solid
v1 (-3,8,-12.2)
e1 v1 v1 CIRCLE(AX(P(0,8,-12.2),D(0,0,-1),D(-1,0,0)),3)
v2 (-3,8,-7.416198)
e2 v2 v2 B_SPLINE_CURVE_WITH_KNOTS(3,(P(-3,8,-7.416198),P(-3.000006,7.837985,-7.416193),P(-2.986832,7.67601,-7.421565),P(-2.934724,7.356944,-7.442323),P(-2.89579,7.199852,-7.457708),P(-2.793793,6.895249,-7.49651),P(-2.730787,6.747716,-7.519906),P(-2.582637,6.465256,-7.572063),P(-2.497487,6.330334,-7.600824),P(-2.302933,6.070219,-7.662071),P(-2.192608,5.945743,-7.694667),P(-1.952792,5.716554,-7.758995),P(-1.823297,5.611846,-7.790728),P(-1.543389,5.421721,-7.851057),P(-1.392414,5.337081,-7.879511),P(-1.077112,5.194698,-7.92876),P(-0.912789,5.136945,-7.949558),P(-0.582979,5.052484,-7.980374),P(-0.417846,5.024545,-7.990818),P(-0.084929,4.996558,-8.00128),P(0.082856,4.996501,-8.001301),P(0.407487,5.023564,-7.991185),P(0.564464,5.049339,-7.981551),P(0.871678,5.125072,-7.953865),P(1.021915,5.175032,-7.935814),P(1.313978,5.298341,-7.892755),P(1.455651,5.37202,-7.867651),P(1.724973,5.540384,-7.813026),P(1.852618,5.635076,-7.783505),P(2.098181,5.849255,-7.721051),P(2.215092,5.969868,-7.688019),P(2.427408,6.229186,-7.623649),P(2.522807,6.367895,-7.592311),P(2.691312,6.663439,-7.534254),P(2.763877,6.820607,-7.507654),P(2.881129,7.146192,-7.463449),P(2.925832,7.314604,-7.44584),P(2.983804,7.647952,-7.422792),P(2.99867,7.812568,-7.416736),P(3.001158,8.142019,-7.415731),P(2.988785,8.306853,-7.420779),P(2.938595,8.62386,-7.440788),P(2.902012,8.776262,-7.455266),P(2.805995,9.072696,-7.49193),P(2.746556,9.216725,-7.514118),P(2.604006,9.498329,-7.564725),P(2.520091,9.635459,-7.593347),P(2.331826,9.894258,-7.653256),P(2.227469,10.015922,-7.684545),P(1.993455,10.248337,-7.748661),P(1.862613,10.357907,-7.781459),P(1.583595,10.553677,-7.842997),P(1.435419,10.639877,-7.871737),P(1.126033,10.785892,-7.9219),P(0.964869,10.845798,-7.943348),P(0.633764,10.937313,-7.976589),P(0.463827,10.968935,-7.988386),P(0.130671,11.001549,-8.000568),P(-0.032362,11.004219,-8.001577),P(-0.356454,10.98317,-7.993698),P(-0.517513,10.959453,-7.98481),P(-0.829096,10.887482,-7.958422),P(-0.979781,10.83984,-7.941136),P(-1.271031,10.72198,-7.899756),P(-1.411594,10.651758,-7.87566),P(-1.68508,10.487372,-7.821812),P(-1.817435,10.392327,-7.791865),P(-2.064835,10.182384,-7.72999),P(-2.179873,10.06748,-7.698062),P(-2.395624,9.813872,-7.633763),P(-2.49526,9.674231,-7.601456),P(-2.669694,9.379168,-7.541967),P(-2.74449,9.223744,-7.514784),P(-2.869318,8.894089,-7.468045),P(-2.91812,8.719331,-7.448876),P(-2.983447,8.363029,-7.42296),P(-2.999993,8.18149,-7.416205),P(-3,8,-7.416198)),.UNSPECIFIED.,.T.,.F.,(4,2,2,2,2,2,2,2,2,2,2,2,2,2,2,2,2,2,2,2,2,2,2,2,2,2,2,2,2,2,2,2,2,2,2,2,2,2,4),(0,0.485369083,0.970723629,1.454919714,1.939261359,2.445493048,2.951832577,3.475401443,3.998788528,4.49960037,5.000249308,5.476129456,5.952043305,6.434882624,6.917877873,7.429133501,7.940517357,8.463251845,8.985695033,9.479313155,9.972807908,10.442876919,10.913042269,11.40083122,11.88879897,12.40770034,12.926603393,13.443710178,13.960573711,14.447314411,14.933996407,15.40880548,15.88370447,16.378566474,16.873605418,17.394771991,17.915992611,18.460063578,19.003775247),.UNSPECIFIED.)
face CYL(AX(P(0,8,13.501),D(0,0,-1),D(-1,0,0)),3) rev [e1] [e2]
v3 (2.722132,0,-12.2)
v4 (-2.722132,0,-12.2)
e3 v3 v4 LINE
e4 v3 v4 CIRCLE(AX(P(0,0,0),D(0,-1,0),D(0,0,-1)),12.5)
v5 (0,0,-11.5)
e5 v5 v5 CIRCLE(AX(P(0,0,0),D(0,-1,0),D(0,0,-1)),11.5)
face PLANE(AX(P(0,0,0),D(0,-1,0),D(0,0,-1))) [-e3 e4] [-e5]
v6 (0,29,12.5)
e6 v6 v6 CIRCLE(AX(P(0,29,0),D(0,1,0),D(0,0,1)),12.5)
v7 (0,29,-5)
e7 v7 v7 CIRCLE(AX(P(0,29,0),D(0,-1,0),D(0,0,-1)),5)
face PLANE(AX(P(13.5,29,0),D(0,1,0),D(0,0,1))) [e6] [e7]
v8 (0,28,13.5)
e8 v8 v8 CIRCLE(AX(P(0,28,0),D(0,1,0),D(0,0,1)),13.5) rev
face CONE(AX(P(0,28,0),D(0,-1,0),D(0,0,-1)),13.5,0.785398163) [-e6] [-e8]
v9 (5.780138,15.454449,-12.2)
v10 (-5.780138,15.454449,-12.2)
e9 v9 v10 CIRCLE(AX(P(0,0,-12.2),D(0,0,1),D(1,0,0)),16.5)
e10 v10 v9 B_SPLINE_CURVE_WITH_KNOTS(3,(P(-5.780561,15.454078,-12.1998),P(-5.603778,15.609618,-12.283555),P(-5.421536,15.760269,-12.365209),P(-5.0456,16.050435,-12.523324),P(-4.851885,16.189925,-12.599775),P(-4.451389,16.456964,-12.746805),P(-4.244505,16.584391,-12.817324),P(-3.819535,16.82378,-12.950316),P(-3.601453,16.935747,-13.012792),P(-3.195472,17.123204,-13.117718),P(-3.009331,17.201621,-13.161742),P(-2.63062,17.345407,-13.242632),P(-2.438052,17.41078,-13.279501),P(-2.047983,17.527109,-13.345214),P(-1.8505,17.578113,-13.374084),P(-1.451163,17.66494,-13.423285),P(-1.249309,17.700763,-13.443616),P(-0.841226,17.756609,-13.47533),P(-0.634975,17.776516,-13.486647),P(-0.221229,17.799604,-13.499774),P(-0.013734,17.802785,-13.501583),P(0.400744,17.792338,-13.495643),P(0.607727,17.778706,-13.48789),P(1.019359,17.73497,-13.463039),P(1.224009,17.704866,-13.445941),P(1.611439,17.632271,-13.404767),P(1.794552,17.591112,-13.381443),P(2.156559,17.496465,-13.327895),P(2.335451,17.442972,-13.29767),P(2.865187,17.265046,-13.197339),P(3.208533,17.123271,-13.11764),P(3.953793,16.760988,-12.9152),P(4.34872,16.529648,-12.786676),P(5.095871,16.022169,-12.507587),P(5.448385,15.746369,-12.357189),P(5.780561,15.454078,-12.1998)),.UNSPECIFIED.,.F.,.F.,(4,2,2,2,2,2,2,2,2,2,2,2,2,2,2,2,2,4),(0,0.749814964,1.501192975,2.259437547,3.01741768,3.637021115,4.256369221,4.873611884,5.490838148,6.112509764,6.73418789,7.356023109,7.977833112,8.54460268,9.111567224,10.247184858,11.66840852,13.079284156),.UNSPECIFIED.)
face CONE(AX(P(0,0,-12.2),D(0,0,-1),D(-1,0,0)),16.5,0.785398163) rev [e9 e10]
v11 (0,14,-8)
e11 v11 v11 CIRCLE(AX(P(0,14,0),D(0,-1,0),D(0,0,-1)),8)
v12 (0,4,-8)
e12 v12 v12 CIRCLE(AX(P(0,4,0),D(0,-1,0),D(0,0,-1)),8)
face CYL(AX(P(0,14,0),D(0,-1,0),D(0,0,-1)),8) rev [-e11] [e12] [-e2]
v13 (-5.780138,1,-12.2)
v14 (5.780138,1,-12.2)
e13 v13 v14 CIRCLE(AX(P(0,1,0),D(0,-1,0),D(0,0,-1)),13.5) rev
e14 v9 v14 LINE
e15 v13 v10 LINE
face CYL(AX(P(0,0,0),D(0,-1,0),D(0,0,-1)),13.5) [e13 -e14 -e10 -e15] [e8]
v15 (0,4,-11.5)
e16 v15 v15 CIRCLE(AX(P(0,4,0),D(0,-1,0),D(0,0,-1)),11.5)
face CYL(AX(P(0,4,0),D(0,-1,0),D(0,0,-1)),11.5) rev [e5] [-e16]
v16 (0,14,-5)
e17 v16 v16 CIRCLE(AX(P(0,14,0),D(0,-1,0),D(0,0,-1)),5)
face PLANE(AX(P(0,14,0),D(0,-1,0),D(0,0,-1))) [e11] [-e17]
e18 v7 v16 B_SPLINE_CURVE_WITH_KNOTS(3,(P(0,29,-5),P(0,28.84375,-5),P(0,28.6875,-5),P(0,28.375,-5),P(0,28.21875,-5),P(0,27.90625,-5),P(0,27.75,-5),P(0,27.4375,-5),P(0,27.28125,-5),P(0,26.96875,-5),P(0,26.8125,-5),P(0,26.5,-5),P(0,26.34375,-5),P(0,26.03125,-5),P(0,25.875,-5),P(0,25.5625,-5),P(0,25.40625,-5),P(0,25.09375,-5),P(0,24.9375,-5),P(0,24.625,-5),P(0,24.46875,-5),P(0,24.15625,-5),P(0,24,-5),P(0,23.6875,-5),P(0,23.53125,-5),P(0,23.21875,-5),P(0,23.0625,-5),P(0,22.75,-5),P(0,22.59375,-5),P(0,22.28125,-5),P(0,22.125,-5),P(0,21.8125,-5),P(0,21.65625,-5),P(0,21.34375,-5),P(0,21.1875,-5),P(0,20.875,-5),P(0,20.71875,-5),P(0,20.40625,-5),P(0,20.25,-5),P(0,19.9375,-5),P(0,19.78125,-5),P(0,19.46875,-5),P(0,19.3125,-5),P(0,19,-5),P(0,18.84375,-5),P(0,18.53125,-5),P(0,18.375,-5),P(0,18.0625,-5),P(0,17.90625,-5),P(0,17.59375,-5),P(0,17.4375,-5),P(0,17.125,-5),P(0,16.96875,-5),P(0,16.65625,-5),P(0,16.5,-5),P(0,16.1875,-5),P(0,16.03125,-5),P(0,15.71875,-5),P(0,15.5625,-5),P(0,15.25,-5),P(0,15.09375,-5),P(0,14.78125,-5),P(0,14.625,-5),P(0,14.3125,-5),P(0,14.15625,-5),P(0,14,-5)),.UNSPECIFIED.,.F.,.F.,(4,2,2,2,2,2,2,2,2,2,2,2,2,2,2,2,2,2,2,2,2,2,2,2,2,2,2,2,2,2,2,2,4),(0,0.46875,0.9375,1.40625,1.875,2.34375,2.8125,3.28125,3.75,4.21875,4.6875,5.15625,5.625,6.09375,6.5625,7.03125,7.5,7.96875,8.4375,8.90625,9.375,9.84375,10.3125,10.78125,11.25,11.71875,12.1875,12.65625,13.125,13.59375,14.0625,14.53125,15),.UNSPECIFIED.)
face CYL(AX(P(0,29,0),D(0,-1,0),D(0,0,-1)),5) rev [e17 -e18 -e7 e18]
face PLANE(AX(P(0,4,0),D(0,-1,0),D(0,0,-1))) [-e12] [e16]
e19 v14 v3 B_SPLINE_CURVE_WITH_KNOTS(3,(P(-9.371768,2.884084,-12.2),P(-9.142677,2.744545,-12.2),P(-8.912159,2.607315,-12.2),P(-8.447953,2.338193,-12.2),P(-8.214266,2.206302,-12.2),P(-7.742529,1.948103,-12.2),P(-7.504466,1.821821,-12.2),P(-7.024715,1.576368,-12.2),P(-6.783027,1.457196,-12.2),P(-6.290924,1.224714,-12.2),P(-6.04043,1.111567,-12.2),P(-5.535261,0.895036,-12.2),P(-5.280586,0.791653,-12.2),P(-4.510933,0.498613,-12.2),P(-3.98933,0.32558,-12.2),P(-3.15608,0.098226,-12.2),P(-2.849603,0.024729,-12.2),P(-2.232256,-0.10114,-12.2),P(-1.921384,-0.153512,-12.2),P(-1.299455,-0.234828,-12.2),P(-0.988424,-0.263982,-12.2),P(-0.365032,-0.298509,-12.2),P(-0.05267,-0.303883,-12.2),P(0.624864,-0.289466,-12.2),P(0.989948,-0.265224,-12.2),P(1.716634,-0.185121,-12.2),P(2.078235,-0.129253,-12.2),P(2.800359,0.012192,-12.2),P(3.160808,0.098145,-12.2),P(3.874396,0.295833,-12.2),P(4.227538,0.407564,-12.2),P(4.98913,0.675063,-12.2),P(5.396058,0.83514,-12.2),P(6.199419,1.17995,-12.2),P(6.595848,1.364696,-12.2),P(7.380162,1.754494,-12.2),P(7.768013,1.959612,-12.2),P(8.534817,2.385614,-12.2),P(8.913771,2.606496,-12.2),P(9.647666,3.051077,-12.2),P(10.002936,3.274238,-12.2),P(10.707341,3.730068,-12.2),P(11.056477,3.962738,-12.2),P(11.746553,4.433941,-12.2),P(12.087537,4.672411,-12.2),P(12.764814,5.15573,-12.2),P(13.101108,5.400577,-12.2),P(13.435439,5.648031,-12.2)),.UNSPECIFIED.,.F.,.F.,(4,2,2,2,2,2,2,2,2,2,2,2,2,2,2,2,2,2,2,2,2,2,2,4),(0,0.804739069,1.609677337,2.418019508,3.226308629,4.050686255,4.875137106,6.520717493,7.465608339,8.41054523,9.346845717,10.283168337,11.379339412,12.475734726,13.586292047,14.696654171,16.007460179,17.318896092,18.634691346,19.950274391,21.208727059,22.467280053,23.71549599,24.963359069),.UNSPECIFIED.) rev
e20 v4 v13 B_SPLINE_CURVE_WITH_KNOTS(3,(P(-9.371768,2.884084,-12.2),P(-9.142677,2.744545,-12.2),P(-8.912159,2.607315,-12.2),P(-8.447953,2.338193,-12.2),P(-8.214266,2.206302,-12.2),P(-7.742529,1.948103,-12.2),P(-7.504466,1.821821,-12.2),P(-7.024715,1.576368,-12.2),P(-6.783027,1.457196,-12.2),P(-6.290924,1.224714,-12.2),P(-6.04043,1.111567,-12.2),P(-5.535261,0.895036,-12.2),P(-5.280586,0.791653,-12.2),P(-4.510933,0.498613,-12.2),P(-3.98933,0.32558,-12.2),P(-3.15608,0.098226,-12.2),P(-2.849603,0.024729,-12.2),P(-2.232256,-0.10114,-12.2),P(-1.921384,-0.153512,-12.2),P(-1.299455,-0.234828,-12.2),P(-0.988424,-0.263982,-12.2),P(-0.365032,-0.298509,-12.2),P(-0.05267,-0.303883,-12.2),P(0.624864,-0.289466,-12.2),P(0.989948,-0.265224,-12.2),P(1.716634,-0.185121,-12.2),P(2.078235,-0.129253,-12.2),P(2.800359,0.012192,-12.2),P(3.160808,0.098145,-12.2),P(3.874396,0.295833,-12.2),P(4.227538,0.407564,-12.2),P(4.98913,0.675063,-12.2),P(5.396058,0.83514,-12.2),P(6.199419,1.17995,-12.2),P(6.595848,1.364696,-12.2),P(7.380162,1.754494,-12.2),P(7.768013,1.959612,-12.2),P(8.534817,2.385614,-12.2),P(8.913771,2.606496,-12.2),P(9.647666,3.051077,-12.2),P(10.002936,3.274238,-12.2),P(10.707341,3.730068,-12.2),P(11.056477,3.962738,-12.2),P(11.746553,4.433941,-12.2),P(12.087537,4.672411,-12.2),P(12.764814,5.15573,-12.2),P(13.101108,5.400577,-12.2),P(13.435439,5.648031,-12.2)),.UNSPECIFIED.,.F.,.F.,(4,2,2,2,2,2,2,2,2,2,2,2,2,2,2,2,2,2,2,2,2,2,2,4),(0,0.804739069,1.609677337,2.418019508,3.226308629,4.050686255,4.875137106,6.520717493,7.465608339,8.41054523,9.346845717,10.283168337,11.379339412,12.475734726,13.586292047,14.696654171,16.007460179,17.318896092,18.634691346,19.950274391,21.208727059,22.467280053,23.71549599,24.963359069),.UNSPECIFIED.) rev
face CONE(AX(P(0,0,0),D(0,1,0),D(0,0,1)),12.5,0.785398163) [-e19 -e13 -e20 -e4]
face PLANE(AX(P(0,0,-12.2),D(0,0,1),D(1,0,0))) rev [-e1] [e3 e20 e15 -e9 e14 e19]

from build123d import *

# Parameters (mm, degrees)
ESQUISSE1_W             = 13.5
ESQUISSE1_H             = 29
ESQUISSE2_R             = 11.5
ENL_V_MAT_EXTRU_1_DEPTH = 4
CHANFREIN1_SIZE         = 1
ESQUISSE4_R             = 8
ENL_V_MAT_EXTRU_2_DEPTH = 10
ESQUISSE5_R             = 5
ENL_V_MAT_EXTRU_3_DEPTH = 25.279621196
ENL_V_MAT_EXTRU_4_REACH = 43.033
ESQUISSE6_R             = 3


with BuildPart() as part:
    # Esquisse1 → Base-Révolution (revolve)
    with BuildSketch(Plane.XY, mode=Mode.PRIVATE) as base_r_volution_sk:
        with Locations((6.75, 14.5)):
            Rectangle(ESQUISSE1_W, ESQUISSE1_H)
    revolve(base_r_volution_sk.sketch.rotate(Axis((0, 0, 0), (0, 1, 0)), 90), axis=Axis((0, 0, 0), (0, 1, 0)))

    # Esquisse2 → Enlèv. mat.-Extru.1 (cut)
    with BuildSketch(Plane.XZ):
        with Locations(Location((0, 0, 0), (0, 0, 270))):
            Circle(ESQUISSE2_R)
    extrude(amount=-ENL_V_MAT_EXTRU_1_DEPTH, mode=Mode.SUBTRACT)

    # Chanfrein1
    chanfrein1_edges = [part.edges().sort_by_distance(p)[0] for p in [
        (0, 0, 13.5),
        (0, 29, 13.5),
    ]]
    chamfer(chanfrein1_edges, length=CHANFREIN1_SIZE)

    # Esquisse3 → Enlèvement de matière-Révolution1 (revolve, cut)
    with BuildSketch(Plane(origin=(0, 0, 0), x_dir=(1, 0, 0), z_dir=(0, 1, 0))):
        Polygon((0, 12.2), (16.5, 12.2), (21.5, 17.2), (0, 17.2), align=None)
    revolve(axis=Axis((0, 0, 0), (0, 0, -1)), mode=Mode.SUBTRACT)

    # Esquisse4 → Enlèv. mat.-Extru.2 (cut)
    with BuildSketch(Plane.XZ.offset(-4)):
        with Locations(Location((0, 0, 0), (0, 0, 270))):
            Circle(ESQUISSE4_R)
    extrude(amount=-ENL_V_MAT_EXTRU_2_DEPTH, mode=Mode.SUBTRACT)

    # Esquisse5 → Enlèv. mat.-Extru.3 (cut, through all)
    with BuildSketch(Plane.XZ.offset(-14)):
        with Locations(Location((0, 0, 0), (0, 0, 270))):
            Circle(ESQUISSE5_R)
    extrude(amount=-ENL_V_MAT_EXTRU_3_DEPTH, mode=Mode.SUBTRACT)

    # Esquisse6 → Enlèv. mat.-Extru.4 (cut, up to next)
    with BuildSketch(Plane(origin=(0, 0, -12.2), x_dir=(-1, 0, 0), z_dir=(0, 0, -1)), mode=Mode.PRIVATE) as enl_v_mat_extru_4_sk1:
        with Locations((0, 8)):
            Circle(ESQUISSE6_R)
    enl_v_mat_extru_4_tool1 = extrude(enl_v_mat_extru_4_sk1.sketch, amount=-ENL_V_MAT_EXTRU_4_REACH, mode=Mode.PRIVATE) & part.part
    add(enl_v_mat_extru_4_tool1.solids().sort_by_distance((0, 8, -12.2))[0], mode=Mode.SUBTRACT)


solid = part.part
